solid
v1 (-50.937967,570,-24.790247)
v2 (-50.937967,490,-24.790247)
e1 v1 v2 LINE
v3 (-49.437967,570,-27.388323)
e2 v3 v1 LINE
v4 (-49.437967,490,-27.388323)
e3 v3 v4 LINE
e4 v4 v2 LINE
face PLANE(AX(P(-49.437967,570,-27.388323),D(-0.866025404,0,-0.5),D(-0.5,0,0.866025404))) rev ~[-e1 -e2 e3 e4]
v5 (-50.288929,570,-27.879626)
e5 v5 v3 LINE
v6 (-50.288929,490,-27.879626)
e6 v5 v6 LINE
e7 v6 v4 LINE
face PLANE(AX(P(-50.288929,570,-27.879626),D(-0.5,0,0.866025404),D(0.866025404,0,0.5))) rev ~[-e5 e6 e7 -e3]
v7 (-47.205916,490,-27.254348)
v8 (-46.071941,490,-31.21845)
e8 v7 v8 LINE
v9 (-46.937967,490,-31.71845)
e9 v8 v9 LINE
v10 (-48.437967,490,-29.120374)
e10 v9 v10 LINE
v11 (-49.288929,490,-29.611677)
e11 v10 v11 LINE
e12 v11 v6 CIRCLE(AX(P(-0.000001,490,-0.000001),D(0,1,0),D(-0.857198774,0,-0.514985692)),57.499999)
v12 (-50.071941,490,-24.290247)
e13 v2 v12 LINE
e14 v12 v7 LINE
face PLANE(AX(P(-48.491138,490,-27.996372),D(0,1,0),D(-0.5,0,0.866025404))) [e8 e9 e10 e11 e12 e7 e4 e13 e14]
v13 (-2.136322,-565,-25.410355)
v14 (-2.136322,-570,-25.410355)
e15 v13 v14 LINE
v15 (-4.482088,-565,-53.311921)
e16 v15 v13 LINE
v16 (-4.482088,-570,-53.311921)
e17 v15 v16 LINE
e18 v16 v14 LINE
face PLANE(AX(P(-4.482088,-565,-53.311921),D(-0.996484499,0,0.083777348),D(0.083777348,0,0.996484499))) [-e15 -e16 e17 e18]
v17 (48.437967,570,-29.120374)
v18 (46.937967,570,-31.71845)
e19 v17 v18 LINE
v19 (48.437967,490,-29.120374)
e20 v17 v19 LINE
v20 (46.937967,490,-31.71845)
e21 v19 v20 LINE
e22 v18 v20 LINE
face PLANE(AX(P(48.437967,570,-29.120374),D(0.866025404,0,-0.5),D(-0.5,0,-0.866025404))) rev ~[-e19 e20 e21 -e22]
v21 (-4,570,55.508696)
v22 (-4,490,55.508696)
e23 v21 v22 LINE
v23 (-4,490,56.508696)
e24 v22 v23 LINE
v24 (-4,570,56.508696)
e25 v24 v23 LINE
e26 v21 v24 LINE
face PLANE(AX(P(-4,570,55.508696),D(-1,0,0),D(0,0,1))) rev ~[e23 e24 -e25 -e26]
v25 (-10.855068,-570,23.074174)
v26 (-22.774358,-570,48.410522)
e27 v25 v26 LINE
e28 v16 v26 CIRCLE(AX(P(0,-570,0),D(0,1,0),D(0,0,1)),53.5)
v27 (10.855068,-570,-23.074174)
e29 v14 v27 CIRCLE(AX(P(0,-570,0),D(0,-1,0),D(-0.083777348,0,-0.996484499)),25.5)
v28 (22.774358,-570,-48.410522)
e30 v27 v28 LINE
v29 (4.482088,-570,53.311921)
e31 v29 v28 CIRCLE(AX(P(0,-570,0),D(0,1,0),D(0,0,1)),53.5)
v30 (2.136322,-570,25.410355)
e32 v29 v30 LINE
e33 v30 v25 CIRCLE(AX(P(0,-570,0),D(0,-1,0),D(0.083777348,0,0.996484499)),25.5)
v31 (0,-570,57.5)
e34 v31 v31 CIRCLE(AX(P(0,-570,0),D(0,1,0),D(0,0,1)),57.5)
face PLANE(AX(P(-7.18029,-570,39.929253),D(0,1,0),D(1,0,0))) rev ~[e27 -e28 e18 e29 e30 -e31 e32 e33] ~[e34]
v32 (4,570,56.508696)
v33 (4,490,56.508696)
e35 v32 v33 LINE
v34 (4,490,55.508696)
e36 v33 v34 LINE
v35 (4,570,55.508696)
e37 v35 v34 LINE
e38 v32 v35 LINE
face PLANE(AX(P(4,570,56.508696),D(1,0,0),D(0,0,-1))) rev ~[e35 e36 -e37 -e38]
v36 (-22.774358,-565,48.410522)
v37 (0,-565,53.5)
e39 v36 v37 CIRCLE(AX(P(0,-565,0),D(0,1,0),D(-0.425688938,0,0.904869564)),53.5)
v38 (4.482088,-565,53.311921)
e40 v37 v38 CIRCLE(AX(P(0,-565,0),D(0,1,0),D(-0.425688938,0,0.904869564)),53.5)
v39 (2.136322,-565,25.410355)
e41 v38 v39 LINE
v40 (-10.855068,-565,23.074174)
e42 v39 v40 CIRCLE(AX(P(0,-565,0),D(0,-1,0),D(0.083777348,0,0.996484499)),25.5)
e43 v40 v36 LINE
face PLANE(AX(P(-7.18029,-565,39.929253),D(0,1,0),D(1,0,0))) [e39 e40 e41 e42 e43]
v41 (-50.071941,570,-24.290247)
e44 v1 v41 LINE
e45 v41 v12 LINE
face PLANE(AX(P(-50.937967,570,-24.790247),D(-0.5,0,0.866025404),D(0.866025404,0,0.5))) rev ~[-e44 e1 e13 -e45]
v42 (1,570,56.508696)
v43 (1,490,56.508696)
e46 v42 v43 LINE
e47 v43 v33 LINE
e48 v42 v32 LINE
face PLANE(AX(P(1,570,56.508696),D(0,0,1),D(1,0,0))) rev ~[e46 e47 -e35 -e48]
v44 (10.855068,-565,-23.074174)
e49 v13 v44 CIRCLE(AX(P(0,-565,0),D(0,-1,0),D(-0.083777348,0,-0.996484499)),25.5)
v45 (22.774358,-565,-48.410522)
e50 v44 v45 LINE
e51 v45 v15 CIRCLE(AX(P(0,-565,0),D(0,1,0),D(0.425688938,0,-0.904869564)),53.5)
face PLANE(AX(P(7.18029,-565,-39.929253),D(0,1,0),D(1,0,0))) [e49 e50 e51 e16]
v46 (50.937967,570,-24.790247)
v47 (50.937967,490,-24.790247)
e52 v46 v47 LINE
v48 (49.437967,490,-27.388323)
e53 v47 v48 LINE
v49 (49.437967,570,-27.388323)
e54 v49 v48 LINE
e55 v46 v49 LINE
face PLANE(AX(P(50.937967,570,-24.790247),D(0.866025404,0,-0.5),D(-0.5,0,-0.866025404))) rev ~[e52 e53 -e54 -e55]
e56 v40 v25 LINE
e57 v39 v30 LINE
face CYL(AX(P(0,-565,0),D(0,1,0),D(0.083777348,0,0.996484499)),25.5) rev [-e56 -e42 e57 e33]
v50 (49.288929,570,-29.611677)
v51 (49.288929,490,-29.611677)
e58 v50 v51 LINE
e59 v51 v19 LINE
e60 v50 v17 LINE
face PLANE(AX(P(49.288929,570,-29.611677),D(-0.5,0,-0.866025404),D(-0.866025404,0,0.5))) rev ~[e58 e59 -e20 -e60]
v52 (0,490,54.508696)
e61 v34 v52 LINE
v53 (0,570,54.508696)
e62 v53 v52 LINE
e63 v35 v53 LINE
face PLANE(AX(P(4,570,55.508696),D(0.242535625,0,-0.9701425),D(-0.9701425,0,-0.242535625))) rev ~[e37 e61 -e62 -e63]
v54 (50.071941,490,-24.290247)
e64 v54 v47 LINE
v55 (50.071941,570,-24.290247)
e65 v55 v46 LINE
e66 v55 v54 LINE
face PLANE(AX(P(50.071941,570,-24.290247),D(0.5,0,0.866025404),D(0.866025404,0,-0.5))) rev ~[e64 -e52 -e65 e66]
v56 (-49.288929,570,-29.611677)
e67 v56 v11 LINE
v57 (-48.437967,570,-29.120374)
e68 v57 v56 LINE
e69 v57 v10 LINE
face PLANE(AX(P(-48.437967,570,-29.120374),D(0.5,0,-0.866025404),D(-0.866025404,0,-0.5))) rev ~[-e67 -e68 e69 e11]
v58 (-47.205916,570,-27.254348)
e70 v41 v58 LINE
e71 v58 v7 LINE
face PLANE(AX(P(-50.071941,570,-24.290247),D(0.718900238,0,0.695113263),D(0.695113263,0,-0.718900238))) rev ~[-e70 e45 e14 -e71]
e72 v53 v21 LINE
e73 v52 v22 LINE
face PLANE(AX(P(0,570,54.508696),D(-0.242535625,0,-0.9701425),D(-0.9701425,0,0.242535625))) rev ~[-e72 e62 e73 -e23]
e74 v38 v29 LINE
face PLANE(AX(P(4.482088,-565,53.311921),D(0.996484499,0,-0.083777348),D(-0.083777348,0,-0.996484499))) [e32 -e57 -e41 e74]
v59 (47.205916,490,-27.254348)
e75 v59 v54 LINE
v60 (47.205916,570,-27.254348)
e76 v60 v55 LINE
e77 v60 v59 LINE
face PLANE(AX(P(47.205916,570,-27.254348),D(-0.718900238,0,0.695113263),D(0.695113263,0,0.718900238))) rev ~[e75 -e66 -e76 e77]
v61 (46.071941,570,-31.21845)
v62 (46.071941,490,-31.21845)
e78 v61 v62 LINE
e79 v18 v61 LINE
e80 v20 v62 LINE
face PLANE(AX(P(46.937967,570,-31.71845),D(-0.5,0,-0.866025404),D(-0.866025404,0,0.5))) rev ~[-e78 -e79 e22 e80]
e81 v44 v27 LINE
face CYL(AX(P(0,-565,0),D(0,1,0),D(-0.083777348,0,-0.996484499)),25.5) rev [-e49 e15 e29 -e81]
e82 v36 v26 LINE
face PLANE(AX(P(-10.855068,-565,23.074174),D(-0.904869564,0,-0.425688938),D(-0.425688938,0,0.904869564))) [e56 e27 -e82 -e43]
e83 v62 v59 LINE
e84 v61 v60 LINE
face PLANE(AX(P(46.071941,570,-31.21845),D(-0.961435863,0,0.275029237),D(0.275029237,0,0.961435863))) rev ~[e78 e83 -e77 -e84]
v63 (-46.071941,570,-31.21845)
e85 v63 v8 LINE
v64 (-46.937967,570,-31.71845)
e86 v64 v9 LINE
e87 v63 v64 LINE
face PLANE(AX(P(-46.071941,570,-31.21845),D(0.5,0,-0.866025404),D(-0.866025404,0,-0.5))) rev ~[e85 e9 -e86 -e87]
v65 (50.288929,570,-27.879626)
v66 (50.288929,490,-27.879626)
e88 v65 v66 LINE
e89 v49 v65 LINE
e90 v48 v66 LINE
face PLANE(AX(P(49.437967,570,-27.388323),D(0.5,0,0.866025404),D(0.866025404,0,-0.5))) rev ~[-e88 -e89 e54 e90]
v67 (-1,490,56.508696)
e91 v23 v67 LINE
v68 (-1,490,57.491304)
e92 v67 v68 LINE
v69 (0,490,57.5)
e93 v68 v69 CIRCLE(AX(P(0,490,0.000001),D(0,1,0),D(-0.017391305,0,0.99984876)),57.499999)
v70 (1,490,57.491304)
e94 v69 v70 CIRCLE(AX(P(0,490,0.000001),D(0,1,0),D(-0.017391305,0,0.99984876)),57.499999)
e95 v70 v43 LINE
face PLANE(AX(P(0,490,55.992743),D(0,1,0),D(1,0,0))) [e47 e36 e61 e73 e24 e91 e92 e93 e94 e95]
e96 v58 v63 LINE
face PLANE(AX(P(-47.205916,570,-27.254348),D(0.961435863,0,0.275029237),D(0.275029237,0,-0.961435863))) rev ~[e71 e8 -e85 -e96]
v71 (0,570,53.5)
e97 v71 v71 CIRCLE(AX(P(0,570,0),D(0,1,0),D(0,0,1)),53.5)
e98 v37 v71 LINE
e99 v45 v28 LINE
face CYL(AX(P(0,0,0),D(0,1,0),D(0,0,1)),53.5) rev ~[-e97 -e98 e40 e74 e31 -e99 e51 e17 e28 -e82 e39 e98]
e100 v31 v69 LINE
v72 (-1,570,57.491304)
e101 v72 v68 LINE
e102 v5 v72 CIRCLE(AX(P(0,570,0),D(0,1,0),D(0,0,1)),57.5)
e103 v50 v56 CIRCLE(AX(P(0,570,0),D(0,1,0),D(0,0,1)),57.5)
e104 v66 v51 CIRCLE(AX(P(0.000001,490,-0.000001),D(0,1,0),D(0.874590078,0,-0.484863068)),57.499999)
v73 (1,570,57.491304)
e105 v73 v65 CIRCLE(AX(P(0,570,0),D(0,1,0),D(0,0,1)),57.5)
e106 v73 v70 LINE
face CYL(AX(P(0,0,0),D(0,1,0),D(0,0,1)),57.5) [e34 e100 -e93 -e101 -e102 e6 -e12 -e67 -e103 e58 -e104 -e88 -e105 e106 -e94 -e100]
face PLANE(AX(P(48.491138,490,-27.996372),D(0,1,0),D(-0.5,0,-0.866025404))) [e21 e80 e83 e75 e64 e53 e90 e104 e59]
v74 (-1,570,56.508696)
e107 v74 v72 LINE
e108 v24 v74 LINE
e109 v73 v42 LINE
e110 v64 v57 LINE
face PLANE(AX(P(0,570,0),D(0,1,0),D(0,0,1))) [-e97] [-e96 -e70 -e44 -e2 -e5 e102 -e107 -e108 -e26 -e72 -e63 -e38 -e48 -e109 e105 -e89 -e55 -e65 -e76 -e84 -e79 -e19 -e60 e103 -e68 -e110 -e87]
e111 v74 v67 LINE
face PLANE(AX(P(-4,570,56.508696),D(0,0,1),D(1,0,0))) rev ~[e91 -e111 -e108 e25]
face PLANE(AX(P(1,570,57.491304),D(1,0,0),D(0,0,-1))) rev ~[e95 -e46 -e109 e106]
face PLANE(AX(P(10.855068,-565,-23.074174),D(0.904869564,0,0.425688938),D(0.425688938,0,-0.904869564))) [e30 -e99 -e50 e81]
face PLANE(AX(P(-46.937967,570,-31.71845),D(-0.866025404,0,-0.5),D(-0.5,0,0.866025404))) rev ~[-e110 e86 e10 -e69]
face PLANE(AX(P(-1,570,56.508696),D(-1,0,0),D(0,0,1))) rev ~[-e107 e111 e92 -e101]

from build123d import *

# Parameters (mm, degrees)
SKETCH1_R           = 57.5
BOSS_EXTRUDE1_DEPTH = 570
SHELL1_T            = -4
CUT_EXTRUDE4_DEPTH  = 80
CIRPATTERN1_COUNT   = 3
BOSS_EXTRUDE3_START = -5
BOSS_EXTRUDE3_DEPTH = 5


with BuildPart() as part:
    # Sketch1 → Boss-Extrude1 (new, symmetric)
    with BuildSketch(Plane(origin=(0, 0, 0), x_dir=(1, 0, 0), z_dir=(0, 1, 0))):
        with Locations(Location((0, 0, 0), (0, 0, 270))):
            Circle(SKETCH1_R)
    extrude(amount=BOSS_EXTRUDE1_DEPTH, both=True)

    # Shell1
    shell1_openings = [part.faces().sort_by_distance(p)[0] for p in [
        (0, 570, 0),
        (0, -570, 0),
    ]]
    offset(amount=SHELL1_T, openings=shell1_openings, kind=Kind.INTERSECTION)

    # Sketch2 → Cut-Extrude4 (cut)
    with BuildSketch(Plane(origin=(0, 570, 0), x_dir=(1, 0, 0), z_dir=(0, 1, 0))):
        with BuildLine():
            Line((1, -57.49130369), (1, -56.50869631))
            Line((1, -56.50869631), (4, -56.50869631))
            Line((4, -56.50869631), (4, -55.50869631))
            Line((4, -55.50869631), (0, -54.50869631))
            Line((0, -54.50869631), (-4, -55.50869631))
            Line((-4, -55.50869631), (-4, -56.50869631))
            Line((-4, -56.50869631), (-1, -56.50869631))
            Line((-1, -56.50869631), (-1, -57.49130369))
            ThreePointArc((-1, -57.49130369), (0, -57.5), (1, -57.49130369))
        make_face()
    cut_extrude4 = extrude(amount=-CUT_EXTRUDE4_DEPTH, mode=Mode.SUBTRACT)

    # CirPattern1: Cut-Extrude4 ×3 about axis
    cirpattern1_axis = Axis((0, 0, 0), (0, 1, 0))
    for i in range(1, CIRPATTERN1_COUNT):
        add(cut_extrude4.rotate(cirpattern1_axis, i * 360 / CIRPATTERN1_COUNT), mode=Mode.SUBTRACT)

    # Sketch4 → Boss-Extrude3 (add)
    with BuildSketch(Plane(origin=(0, -570, 0), x_dir=(-1, 0, 0), z_dir=(0, -1, 0)).offset(BOSS_EXTRUDE3_START)):
        with BuildLine():
            Line((4.482088094, 53.311920677), (2.136322363, 25.410354715))
            ThreePointArc((2.136322363, 25.410354715), (-4.5131548, 25.097438789), (-10.855067921, 23.074173884))
            Line((-10.855067921, 23.074173884), (-22.774358187, 48.410521678))
            ThreePointArc((-22.774358187, 48.410521678), (-9.468775757, 52.655410792), (4.482088094, 53.311920677))
        make_face()
        with BuildLine():
            Line((-4.482088094, -53.311920677), (-2.136322363, -25.410354715))
            ThreePointArc((-2.136322363, -25.410354715), (4.5131548, -25.097438789), (10.855067921, -23.074173884))
            Line((10.855067921, -23.074173884), (22.774358187, -48.410521678))
            ThreePointArc((22.774358187, -48.410521678), (9.468775757, -52.655410792), (-4.482088094, -53.311920677))
        make_face()
    extrude(amount=BOSS_EXTRUDE3_DEPTH)


solid = part.part
